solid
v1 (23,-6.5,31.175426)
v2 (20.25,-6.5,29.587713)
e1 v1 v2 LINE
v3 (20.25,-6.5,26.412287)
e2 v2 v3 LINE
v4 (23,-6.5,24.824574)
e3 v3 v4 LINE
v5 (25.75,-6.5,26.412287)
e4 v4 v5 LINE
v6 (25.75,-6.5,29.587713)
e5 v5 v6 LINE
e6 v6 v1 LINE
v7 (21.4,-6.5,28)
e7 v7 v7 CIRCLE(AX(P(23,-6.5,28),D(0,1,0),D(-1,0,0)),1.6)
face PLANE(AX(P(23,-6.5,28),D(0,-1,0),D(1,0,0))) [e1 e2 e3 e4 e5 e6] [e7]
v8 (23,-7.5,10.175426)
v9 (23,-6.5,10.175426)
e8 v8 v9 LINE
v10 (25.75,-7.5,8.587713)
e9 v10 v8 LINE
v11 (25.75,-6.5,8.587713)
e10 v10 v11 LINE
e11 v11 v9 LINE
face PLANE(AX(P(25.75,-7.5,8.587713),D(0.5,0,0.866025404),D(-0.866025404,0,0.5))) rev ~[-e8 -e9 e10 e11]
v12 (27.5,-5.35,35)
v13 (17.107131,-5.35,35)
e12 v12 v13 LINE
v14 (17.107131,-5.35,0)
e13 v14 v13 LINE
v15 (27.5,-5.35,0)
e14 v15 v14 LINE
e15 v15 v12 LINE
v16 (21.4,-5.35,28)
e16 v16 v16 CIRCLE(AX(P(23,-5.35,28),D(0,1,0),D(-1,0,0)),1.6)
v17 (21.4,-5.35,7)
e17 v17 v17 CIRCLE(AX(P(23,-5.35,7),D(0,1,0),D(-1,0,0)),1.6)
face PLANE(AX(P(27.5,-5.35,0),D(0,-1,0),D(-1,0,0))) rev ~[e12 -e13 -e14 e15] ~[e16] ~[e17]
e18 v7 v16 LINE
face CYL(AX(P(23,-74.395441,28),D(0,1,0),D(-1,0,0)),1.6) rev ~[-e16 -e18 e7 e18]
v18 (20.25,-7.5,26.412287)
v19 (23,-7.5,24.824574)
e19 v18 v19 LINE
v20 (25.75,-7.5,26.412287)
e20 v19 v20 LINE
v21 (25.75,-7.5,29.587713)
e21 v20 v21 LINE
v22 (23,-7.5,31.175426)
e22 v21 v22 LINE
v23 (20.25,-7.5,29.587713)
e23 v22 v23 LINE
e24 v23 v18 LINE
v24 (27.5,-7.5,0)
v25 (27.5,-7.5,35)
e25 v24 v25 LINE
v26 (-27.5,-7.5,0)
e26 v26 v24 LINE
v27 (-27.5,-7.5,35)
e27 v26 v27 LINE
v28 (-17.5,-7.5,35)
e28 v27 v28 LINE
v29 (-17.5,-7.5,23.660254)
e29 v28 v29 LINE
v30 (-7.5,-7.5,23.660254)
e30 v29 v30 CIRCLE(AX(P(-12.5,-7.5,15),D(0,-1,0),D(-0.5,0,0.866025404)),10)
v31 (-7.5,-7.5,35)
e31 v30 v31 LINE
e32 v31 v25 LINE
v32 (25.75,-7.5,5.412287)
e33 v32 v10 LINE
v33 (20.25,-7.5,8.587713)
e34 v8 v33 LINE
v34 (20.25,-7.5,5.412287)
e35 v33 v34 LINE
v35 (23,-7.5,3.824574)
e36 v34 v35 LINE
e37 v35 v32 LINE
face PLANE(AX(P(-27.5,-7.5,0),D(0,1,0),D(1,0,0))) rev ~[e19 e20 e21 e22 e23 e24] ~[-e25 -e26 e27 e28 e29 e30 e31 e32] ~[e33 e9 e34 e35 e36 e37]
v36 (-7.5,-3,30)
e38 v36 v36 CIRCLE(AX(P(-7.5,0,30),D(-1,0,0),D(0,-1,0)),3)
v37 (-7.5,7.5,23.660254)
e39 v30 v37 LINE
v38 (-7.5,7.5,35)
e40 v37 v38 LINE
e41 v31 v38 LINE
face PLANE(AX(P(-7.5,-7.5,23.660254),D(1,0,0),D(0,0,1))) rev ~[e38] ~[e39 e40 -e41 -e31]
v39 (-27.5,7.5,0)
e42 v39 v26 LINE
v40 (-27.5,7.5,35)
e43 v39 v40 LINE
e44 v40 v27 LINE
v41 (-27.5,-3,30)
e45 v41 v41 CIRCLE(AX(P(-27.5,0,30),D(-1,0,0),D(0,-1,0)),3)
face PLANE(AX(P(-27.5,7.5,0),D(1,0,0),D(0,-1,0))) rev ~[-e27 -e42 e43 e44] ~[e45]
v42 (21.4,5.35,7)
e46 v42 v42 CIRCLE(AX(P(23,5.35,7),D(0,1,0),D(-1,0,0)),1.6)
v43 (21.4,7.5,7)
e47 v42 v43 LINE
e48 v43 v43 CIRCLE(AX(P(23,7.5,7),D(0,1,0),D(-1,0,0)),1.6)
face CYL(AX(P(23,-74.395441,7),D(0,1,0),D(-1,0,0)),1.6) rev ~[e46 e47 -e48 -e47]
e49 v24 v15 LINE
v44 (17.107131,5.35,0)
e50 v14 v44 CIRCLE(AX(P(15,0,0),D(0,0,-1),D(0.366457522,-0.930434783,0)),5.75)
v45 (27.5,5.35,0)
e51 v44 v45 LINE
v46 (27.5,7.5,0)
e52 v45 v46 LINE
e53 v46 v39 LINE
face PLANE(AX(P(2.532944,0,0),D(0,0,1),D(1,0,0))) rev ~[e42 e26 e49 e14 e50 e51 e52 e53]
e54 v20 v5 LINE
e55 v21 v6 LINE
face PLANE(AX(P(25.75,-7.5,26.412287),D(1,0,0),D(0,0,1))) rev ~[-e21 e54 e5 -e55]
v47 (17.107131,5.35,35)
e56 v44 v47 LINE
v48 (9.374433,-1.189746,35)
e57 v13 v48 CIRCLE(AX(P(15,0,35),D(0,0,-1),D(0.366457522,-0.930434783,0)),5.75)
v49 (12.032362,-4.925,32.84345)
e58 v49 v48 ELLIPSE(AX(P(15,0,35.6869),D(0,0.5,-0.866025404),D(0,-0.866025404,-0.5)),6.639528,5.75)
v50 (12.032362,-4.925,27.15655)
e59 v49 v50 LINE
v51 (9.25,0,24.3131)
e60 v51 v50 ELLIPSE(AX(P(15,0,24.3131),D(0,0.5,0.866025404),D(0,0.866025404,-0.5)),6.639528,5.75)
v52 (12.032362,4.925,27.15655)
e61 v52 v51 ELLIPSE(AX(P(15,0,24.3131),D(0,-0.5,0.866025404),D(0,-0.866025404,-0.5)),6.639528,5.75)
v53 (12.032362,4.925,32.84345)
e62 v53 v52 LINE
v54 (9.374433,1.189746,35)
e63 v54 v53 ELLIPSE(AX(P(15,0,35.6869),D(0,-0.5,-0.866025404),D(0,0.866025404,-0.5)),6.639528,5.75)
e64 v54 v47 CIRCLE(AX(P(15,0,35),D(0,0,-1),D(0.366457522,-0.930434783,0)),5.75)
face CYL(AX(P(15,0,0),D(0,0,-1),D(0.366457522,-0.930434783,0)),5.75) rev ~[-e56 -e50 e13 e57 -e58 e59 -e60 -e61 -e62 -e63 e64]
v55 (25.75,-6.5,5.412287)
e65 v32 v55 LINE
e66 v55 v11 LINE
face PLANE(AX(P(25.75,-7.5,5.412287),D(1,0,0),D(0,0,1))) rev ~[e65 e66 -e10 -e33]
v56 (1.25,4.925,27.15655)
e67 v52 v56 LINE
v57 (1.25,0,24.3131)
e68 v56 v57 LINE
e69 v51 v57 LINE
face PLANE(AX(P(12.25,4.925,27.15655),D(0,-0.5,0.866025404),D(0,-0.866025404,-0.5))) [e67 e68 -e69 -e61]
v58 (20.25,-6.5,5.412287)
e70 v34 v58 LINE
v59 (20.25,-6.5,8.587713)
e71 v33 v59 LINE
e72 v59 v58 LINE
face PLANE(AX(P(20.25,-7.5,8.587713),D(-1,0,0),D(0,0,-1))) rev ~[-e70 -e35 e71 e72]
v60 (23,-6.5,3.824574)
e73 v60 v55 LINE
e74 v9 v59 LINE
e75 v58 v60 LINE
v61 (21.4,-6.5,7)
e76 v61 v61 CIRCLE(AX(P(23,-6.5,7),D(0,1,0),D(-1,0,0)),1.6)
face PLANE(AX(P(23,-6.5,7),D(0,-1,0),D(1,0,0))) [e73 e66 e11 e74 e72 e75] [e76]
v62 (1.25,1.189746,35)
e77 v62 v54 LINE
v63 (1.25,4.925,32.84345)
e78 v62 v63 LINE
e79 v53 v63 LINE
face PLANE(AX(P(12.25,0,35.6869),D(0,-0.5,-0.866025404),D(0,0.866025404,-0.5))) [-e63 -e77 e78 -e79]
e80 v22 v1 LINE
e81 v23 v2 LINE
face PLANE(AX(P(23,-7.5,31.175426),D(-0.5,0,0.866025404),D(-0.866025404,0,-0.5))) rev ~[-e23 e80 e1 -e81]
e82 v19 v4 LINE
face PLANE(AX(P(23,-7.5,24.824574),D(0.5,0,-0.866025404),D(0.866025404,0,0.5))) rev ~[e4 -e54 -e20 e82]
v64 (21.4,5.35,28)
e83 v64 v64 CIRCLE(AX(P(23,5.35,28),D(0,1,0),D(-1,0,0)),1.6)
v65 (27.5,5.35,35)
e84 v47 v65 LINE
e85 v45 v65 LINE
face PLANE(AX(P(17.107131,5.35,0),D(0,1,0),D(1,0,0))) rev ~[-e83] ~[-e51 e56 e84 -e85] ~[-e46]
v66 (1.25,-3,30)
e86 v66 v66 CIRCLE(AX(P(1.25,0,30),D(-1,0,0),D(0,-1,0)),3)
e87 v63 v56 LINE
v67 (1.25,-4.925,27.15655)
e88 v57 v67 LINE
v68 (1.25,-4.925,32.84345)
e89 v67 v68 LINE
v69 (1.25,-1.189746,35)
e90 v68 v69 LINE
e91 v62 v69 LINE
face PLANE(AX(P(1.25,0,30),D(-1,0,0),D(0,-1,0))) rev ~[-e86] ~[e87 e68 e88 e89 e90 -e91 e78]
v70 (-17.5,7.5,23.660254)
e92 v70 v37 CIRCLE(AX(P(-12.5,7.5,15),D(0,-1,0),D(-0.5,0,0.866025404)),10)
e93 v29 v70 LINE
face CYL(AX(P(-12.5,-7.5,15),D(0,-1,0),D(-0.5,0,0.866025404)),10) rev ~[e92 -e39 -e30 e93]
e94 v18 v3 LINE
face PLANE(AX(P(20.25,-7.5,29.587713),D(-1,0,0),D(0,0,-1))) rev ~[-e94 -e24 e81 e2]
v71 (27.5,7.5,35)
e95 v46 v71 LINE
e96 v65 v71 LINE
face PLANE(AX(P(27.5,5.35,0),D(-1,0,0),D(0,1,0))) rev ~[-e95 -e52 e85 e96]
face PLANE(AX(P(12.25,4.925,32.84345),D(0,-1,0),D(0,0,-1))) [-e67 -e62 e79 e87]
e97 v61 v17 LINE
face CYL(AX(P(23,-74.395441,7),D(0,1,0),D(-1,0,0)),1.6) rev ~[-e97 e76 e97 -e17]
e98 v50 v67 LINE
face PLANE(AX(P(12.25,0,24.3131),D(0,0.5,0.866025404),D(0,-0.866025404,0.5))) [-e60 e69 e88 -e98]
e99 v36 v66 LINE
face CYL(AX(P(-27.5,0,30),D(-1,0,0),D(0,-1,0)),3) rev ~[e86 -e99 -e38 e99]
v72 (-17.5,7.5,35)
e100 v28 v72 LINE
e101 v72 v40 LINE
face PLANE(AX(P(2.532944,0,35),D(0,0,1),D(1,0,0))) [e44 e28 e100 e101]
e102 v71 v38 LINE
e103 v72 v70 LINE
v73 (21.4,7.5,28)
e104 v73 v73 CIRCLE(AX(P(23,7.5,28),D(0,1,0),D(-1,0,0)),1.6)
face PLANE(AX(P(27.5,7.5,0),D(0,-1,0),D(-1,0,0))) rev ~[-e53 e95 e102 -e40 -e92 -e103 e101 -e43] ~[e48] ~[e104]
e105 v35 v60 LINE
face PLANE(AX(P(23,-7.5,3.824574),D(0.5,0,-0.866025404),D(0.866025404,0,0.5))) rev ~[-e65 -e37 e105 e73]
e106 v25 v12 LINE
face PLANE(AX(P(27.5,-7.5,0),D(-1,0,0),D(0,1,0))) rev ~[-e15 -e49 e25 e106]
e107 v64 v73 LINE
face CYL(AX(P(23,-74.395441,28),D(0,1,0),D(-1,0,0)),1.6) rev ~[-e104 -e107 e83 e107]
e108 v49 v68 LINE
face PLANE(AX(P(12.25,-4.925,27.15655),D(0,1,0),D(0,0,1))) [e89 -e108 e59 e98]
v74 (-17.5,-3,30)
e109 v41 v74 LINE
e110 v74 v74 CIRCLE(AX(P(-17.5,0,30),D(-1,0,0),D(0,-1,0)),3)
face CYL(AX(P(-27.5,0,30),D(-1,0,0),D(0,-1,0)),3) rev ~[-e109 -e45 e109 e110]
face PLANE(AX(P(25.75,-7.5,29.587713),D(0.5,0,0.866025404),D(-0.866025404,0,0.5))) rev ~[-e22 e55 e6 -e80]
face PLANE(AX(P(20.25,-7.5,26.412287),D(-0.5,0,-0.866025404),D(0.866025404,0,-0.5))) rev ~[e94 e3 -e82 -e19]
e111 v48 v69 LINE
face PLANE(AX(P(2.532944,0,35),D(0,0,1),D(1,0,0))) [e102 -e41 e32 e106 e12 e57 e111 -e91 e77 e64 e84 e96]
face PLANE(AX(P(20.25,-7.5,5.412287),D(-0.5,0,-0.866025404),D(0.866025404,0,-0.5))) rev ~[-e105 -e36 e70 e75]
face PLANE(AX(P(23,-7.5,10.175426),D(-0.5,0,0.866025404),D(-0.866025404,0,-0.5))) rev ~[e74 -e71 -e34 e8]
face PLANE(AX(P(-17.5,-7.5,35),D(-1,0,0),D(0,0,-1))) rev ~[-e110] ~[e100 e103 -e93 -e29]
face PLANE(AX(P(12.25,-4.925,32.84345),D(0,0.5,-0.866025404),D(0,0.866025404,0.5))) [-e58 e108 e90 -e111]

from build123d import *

# Parameters (mm, degrees)
F1_DEPTH  = 35
F3_DEPTH  = 15
F4_D      = 3.2
F5_DEPTH  = 1
F6_R      = 3
F7_DEPTH  = 55.001
F13_DEPTH = 11


with BuildPart() as f1:
    # F0 (on Top) → F1 (new body)
    with BuildSketch(Plane.XY):
        with BuildLine():
            Line((27.5, 5.35), (27.5, 7.5))
            Line((27.5, 7.5), (-27.5, 7.5))
            Line((-27.5, 7.5), (-27.5, -7.5))
            Line((-27.5, -7.5), (27.5, -7.5))
            Line((27.5, -7.5), (27.5, -5.35))
            Line((27.5, -5.35), (17.1071307506, -5.35))
            ThreePointArc((17.1071307506, -5.35), (9.25, 0), (17.1071307506, 5.35))
            Line((17.1071307506, 5.35), (27.5, 5.35))
        make_face()
    extrude(amount=F1_DEPTH)

    # F2 (on face) → F3 (cut, through all)
    with BuildSketch(Plane.XZ.offset(7.5)):
        with BuildLine():
            Line((-17.5, 35), (-17.5, 23.6602540378))
            ThreePointArc((-17.5, 23.6602540378), (-12.5, 5), (-7.5, 23.6602540378))
            Line((-7.5, 23.6602540378), (-7.5, 35))
            Line((-7.5, 35), (-17.5, 35))
        make_face()
    extrude(amount=-F3_DEPTH, mode=Mode.SUBTRACT)

    # F4 (through all)
    with Locations(Plane.XZ.offset(7.5)):
        with Locations((23, 28), (23, 7)):
            Hole(F4_D / 2)

    # F2 (on face) → F5 (cut)
    with BuildSketch(Plane.XZ.offset(7.5)):
        Polygon((25.75, 29.5877132403), (23, 31.1754264805), (20.25, 29.5877132403), (20.25, 26.4122867597), (23, 24.8245735195), (25.75, 26.4122867597), align=None)
        Polygon((25.75, 8.5877132403), (23, 10.1754264805), (20.25, 8.5877132403), (20.25, 5.4122867597), (23, 3.8245735195), (25.75, 5.4122867597), align=None)
    extrude(amount=-F5_DEPTH, mode=Mode.SUBTRACT)

    # F6 (on face) → F7 (cut, through all)
    with BuildSketch(Plane(origin=(-27.5, 0, 0), x_dir=(0, -1, 0), z_dir=(-1, 0, 0))):
        with Locations((0, 30)):
            Circle(F6_R)
    extrude(amount=-F7_DEPTH, mode=Mode.SUBTRACT)

    # F12 (on offset) → F13 (cut)
    with BuildSketch(Plane(origin=(12.25, 0, 0), x_dir=(0, -1, 0), z_dir=(-1, 0, 0))):
        Polygon((0, 35.6869001515), (-4.925, 32.8434500758), (-4.925, 27.1565499242), (0, 24.3130998485), (4.925, 27.1565499242), (4.925, 32.8434500758), align=None)
    extrude(amount=F13_DEPTH, mode=Mode.SUBTRACT)


solid = f1.part
